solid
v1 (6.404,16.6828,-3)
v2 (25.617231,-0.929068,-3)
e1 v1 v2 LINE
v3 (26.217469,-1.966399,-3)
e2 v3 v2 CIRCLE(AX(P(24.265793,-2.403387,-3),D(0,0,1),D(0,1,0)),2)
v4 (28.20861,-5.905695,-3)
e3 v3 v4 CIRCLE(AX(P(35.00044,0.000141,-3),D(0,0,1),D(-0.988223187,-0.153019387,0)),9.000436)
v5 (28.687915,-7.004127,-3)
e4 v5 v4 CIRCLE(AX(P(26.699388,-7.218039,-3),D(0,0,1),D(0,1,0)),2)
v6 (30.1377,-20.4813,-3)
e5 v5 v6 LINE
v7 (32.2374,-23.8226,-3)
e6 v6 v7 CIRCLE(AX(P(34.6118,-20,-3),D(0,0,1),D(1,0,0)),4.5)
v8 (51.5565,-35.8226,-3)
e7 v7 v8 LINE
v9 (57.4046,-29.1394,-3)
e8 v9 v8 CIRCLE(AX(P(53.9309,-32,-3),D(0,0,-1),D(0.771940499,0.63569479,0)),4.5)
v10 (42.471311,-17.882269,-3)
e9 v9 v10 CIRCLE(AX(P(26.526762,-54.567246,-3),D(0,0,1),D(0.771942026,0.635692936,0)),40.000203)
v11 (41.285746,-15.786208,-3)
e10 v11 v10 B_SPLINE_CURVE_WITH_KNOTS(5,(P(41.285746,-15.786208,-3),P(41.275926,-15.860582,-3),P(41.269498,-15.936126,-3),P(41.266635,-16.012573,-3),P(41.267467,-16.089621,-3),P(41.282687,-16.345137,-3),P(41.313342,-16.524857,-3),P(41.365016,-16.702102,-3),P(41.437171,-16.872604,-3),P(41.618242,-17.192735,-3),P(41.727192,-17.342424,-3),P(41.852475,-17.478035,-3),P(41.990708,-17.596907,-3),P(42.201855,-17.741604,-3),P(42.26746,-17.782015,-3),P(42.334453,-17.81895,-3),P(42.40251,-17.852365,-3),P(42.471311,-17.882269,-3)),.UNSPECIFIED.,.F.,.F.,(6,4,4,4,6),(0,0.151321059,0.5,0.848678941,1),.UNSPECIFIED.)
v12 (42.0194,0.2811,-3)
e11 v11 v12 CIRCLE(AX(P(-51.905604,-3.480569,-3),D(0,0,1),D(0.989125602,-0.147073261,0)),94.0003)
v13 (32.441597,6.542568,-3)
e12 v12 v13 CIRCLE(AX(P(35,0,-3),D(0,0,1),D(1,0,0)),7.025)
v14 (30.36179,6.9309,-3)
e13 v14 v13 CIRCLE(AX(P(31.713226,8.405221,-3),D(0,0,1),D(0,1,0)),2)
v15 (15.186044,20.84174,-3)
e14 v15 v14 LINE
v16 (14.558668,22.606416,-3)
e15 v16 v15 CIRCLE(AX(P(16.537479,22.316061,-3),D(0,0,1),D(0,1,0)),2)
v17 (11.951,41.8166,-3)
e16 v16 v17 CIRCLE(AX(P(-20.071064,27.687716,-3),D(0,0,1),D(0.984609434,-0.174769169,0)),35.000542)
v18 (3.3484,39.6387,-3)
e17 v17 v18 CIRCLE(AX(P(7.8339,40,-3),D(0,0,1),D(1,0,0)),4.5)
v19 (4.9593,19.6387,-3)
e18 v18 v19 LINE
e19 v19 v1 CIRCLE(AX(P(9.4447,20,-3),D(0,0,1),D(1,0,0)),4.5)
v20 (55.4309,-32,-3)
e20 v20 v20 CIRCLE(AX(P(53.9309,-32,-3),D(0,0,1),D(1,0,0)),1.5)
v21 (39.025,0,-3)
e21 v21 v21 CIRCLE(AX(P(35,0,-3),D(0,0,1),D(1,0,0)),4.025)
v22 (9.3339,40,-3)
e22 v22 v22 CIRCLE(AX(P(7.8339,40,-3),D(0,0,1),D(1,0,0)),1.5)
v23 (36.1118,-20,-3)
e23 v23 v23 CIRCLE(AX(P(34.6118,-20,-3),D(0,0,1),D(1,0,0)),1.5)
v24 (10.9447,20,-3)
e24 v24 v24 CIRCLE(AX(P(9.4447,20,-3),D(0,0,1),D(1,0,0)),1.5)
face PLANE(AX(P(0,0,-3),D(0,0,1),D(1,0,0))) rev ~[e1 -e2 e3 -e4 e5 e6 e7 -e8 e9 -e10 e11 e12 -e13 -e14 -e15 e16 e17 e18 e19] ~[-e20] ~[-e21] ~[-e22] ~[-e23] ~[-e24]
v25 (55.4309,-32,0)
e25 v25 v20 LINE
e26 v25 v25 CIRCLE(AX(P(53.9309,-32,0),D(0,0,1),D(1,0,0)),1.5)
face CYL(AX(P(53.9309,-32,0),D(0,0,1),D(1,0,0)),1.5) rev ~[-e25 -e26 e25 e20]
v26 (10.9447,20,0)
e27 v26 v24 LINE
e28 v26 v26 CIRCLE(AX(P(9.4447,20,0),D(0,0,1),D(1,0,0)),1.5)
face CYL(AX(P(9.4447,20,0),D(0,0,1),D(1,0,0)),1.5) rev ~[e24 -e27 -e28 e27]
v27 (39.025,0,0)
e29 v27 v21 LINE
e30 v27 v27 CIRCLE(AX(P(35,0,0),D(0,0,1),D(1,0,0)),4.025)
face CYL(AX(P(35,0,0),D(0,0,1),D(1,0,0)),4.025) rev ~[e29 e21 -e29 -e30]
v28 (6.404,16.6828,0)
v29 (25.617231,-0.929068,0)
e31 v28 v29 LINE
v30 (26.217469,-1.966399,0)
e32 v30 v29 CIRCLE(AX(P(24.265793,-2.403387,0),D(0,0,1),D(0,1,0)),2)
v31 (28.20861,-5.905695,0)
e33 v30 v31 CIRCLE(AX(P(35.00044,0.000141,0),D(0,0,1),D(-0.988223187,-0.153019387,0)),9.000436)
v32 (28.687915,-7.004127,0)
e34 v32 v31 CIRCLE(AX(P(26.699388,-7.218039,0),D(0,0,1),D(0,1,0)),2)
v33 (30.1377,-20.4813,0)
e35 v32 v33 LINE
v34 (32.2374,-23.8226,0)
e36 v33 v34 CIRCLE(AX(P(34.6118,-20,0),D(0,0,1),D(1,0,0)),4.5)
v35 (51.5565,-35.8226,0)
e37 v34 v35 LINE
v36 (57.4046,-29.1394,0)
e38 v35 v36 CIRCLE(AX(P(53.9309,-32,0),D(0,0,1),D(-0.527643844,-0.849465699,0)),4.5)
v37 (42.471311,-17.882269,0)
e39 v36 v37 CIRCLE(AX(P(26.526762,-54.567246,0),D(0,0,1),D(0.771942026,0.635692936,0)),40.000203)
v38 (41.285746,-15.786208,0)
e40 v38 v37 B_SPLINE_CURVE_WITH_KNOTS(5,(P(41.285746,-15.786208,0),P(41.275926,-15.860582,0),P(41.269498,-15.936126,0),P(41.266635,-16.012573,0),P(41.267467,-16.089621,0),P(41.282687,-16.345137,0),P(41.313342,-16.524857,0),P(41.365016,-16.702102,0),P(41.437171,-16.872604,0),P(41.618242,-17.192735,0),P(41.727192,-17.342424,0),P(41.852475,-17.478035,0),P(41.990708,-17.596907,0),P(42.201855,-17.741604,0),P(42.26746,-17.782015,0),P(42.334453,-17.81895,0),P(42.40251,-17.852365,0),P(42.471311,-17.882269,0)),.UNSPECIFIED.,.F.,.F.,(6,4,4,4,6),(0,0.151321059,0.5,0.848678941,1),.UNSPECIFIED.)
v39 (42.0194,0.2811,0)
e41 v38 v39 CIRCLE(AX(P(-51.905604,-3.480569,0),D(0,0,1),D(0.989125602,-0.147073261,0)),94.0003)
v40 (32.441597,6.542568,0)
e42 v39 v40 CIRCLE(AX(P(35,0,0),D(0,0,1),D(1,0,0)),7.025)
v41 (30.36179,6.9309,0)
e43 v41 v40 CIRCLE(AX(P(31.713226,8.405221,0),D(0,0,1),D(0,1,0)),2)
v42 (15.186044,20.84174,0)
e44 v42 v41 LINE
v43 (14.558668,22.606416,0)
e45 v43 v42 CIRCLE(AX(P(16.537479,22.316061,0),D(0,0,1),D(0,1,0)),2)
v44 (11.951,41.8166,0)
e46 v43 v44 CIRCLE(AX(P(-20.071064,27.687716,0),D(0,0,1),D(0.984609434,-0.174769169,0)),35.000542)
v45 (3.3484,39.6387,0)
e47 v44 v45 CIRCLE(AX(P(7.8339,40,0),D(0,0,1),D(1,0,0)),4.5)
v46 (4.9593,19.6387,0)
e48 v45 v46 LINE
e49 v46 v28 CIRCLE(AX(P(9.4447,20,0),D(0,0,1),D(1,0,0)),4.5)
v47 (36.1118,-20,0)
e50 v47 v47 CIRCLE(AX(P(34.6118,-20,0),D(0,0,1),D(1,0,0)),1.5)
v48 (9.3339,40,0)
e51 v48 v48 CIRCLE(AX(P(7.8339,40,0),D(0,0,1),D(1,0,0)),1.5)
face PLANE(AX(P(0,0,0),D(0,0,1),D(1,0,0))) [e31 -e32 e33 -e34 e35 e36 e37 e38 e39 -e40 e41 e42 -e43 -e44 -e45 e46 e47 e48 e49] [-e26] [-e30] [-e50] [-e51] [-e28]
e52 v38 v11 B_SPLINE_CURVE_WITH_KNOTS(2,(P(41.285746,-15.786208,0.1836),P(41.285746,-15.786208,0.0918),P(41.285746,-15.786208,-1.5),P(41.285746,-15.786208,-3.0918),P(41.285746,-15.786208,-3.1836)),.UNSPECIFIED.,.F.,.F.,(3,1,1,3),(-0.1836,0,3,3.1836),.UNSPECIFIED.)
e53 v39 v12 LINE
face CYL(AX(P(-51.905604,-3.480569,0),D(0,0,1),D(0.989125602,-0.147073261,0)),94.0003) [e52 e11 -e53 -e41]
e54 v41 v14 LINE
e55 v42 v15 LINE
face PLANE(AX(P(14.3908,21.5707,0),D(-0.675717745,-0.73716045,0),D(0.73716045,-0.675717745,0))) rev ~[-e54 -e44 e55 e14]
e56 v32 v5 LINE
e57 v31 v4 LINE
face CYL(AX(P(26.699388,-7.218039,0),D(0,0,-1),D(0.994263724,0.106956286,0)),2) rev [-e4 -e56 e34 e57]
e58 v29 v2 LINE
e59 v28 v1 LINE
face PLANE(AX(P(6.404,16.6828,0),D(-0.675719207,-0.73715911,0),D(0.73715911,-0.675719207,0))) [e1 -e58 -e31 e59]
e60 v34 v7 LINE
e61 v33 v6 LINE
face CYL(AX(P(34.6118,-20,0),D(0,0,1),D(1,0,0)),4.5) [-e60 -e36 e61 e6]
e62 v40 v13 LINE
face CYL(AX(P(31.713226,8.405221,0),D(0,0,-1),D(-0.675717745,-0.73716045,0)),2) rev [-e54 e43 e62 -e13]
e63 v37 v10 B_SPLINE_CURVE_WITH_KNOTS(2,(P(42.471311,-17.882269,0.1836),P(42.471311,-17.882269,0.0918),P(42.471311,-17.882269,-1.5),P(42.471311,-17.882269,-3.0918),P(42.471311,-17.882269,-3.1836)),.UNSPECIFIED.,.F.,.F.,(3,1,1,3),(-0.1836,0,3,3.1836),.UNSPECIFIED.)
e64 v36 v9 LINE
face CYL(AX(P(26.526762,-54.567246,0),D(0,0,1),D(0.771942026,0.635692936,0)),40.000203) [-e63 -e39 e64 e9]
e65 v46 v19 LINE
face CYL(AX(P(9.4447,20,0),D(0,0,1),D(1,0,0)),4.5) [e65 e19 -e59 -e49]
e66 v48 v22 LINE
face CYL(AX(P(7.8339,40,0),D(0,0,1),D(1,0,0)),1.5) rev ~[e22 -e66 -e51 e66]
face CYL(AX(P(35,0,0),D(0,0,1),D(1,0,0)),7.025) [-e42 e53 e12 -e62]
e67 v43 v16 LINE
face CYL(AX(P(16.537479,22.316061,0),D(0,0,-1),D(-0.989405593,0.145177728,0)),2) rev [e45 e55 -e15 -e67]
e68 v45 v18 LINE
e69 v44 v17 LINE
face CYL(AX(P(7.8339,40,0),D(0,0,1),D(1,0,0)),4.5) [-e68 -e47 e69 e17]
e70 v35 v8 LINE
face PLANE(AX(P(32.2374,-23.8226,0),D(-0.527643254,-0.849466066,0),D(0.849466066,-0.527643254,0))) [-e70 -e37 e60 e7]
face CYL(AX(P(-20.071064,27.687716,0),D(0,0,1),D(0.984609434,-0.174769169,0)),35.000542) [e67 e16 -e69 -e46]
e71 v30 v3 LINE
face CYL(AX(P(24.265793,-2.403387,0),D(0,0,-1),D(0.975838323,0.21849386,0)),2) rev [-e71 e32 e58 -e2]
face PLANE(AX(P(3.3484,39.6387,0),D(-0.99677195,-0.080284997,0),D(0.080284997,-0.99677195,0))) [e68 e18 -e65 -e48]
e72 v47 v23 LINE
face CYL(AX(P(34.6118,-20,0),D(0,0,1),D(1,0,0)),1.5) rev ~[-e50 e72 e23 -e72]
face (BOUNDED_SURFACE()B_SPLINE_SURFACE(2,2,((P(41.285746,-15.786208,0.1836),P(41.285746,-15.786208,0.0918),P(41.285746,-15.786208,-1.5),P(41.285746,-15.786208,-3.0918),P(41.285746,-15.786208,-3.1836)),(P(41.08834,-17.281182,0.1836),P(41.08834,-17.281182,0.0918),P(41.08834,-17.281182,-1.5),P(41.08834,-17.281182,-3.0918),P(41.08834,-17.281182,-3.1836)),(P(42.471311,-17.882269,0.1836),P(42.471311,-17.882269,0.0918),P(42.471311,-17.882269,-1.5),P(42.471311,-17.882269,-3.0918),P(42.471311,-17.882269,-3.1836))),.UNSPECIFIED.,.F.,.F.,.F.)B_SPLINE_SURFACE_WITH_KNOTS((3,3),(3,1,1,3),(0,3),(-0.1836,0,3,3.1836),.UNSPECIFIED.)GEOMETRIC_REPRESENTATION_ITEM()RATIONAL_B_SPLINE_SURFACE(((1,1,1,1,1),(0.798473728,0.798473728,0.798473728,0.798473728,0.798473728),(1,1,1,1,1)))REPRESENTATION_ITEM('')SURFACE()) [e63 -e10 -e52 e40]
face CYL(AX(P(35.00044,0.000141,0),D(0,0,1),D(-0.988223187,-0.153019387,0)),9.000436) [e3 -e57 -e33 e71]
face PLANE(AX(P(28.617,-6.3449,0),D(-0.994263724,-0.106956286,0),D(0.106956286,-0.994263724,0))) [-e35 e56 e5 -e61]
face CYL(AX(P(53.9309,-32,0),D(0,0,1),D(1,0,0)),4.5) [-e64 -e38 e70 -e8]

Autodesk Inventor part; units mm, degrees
ref_plane "YZ Plane" through (0, 0, 0) normal (1, 0, 0) x (0, 1, 0)
ref_plane "XZ Plane" through (0, 0, 0) normal (0, 1, 0) x (-1, 0, 0)
ref_plane "XY Plane" through (0, 0, 0) normal (0, 0, 1) x (1, 0, 0)
sketch "Sketch1" plane through (0, 0, 0) normal (0, 0, 1) x (1, 0, 0)
  circle A0 centre (7.8339, 40) radius 4.5
  circle A1 centre (7.8339, 40) radius 1.5
  circle A2 centre (9.4447, 20) radius 4.5
  circle A3 centre (9.4447, 20) radius 1.5
  circle A4 centre (34.6118, -20) radius 4.5
  circle A5 centre (34.6118, -20) radius 1.5
  circle A6 centre (53.9309, -32) radius 4.5
  circle A7 centre (53.9309, -32) radius 1.5
  line L0 (3.3484, 39.6387) -> (4.9593, 19.6387)
  circle A8 centre (35, 0) radius 7.025
  line L1 (6.404, 16.6828) -> (26.106, -1.3771)
  line L2 (28.617, -6.3449) -> (30.1377, -20.4813)
  line L3 (32.2374, -23.8226) -> (51.5565, -35.8226)
  circle A9 centre (35, 0) radius 4.025
  line L4 (14.3908, 21.5707) -> (31.3649, 6.0114)
  arc A10 (14.3908, 21.5707) -> (11.951, 41.8166) centre (-20.0705, 27.6877) ccw
  arc A11 (57.4046, -29.1394) -> (41.0725, -17.3055) centre (26.5269, -54.5671) ccw
  arc A12 (41.0725, -17.3055) -> (42.0194, 0.2811) centre (-51.9053, -3.4806) ccw
  arc A13 (26.106, -1.3771) -> (28.617, -6.3449) centre (35, 0) ccw
  dimension "d9" = 14.05
  dimension "d10" = 8.05
  dimension "d11" = 35
  dimension "d12" = 40
  dimension "d13" = 94
  dimension "d15" = 7
extrude "Extrusion1" add sketch "Sketch1" against normal blind 3
fillet "Fillet1" radius 2 5 edges at (26.106, -1.3771, -1.5) (28.617, -6.3449, -1.5) (14.3908, 21.5707, -1.5) (41.0725, -17.3055, -1.5) (31.3649, 6.0114, -1.5)
properties part number "アーノン" material "Aluminum 7075"
